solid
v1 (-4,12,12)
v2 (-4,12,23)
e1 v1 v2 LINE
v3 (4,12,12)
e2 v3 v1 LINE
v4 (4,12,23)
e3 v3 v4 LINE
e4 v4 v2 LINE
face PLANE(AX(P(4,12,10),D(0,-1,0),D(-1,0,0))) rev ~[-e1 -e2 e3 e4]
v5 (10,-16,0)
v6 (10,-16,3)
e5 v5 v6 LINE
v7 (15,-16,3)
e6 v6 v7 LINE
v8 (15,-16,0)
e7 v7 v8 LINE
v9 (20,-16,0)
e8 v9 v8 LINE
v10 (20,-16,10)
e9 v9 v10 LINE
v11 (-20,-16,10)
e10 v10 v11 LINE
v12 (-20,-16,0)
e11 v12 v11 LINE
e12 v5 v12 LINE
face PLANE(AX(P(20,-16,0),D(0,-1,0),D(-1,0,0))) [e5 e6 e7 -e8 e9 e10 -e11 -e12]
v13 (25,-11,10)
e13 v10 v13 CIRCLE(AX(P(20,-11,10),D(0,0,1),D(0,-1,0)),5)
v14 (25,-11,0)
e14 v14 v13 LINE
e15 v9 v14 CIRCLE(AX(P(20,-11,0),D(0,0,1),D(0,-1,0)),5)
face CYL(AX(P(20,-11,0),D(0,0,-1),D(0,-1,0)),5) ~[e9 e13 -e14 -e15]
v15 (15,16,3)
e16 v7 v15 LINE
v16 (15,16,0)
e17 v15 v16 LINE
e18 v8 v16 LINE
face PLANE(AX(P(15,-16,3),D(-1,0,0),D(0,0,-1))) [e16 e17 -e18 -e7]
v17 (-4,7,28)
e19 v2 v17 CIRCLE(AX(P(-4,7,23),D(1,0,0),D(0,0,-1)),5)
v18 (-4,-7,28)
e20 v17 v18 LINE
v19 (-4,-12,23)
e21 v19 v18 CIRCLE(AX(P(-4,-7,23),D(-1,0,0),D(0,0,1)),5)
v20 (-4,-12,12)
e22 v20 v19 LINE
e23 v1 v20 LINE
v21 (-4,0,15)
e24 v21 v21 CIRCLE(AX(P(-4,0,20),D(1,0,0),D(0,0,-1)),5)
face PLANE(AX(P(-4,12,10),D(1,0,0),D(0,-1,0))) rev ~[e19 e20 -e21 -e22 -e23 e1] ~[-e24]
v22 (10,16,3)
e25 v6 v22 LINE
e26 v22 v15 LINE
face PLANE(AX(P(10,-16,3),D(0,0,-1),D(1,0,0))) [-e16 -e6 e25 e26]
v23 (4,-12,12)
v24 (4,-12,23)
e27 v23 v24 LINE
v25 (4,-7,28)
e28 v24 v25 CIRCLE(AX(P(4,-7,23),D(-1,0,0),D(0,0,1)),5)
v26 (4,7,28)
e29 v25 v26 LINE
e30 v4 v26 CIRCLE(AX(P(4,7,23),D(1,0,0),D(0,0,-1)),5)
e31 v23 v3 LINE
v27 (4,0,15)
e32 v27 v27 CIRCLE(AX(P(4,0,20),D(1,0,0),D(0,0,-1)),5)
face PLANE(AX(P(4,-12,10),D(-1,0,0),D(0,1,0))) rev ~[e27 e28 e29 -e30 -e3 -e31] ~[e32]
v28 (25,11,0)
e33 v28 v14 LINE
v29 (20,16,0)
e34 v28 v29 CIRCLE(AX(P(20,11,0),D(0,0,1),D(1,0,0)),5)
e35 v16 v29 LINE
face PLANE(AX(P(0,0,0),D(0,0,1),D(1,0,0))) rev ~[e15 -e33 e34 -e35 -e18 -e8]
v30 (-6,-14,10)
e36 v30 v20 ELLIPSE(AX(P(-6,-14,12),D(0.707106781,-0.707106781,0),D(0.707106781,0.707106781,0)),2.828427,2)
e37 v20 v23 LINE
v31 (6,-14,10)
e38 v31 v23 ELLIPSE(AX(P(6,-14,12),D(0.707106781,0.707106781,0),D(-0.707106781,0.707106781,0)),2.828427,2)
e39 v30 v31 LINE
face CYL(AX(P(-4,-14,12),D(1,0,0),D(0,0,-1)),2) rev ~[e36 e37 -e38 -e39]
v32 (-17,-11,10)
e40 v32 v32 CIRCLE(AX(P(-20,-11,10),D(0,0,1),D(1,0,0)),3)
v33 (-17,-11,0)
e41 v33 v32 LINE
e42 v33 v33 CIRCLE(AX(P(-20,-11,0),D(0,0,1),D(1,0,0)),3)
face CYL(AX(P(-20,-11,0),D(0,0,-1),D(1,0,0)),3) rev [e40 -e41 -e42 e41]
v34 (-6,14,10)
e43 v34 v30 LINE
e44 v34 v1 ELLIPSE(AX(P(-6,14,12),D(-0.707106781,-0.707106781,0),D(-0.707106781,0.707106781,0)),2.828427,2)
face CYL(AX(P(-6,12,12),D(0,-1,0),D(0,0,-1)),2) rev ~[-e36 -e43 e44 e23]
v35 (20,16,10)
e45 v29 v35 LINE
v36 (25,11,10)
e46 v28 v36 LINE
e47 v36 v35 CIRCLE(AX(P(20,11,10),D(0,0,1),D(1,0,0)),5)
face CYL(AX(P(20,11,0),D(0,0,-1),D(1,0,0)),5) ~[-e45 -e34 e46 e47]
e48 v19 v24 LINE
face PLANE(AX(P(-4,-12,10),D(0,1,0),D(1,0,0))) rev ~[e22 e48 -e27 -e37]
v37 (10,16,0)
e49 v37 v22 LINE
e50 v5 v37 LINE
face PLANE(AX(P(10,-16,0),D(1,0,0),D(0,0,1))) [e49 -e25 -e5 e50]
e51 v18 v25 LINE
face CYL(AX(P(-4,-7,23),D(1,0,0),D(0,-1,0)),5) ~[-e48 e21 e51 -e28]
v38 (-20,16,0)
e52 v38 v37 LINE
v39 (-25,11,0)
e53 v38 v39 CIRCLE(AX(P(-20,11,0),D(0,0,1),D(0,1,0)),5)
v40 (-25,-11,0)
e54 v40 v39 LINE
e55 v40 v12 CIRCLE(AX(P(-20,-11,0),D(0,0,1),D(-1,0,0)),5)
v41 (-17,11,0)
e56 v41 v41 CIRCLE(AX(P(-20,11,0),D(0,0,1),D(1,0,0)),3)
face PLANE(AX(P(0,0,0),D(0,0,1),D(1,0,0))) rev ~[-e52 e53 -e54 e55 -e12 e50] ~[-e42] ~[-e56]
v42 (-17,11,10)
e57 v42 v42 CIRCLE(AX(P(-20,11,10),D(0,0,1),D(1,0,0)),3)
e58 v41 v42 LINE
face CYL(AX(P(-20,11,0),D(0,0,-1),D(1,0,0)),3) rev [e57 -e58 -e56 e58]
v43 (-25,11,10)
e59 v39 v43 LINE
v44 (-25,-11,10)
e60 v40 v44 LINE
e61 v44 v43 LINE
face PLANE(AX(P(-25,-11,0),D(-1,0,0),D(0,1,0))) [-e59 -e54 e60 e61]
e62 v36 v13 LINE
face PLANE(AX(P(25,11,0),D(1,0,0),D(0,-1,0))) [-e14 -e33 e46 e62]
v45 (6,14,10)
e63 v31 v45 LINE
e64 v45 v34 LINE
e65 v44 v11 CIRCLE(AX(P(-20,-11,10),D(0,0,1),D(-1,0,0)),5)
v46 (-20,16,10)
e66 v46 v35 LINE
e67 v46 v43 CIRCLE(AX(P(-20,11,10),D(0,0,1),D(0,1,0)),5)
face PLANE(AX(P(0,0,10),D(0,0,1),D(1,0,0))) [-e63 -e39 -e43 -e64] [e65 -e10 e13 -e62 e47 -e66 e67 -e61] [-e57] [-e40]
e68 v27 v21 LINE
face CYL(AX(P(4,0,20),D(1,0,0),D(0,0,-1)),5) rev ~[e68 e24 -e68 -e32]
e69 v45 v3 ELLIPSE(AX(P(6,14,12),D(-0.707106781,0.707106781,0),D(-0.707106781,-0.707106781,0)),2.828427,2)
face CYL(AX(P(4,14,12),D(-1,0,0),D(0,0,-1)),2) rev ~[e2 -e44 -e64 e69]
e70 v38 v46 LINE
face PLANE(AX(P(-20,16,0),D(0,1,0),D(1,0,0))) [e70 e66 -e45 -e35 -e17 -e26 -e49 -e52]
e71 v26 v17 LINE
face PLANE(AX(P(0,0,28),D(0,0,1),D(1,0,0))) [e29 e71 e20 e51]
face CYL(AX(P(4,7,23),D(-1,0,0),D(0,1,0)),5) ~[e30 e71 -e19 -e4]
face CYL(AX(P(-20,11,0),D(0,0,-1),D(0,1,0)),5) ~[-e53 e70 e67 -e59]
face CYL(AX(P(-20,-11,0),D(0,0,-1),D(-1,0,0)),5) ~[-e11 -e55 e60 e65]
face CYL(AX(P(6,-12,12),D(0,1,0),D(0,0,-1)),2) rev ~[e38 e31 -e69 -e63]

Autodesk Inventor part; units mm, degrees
ref_plane "YZ Plane" through (0, 0, 0) normal (1, 0, 0) x (0, 1, 0)
ref_plane "XZ Plane" through (0, 0, 0) normal (0, 1, 0) x (-1, 0, 0)
ref_plane "XY Plane" through (0, 0, 0) normal (0, 0, 1) x (1, 0, 0)
sketch "Szkic1" plane through (0, 0, 0) normal (0, 0, 1) x (1, 0, 0)
  line L0 (-20, 16) -> (20, 16)
  line L1 (25, 11) -> (25, -11)
  line L2 (20, -16) -> (-20, -16)
  line L3 (-25, -11) -> (-25, 11)
  line L4 (-25, 16) -> (25, -16) construction
  line L5 (25, 16) -> (-25, -16) construction
  arc A0 (25, 11) -> (20, 16) centre (20, 11) ccw
  arc A1 (20, -16) -> (25, -11) centre (20, -11) ccw
  arc A2 (-25, -11) -> (-20, -16) centre (-20, -11) ccw
  arc A3 (-20, 16) -> (-25, 11) centre (-20, 11) ccw
  circle A4 centre (-20, 11) radius 3
  circle A5 centre (-20, -11) radius 3
  point P0 (0, 0)
  dimension "d0" = 50
  dimension "d1" = 32
  dimension "d3" = 5
  dimension "d4" = 5
  dimension "d5" = 6
  dimension "d6" = 6
extrude "Wyciągnięcie proste1" add sketch "Szkic1" along normal blind 10
sketch "Szkic2" plane through (0, 0, 10) normal (0, 0, 1) x (1, 0, 0)
  line L0 (-4, -12) -> (4, -12)
  line L1 (4, -12) -> (4, 12)
  line L2 (4, 12) -> (-4, 12)
  line L3 (-4, 12) -> (-4, -12)
  line L4 (-4, -12) -> (4, 12) construction
  line L5 (4, -12) -> (-4, 12) construction
  point P0 (0, 0)
  dimension "d9" = 8
  dimension "d10" = 24
extrude "Wyciągnięcie proste2" add sketch "Szkic2" along normal blind 18
sketch "Szkic3" plane through (4, -12, 10) normal (1, 0, 0) x (0, 0, -1)
  line L0 (0, 24) -> (-18, 24) construction
  line L1 (-9, 24) -> (-9, 0) construction
  line L2 (0, 0) -> (-18, 0) construction
  line L3 (-18, 0) -> (-18, 24) construction
  line L4 (-18, 12) -> (0, 12) construction
  line L5 (0, 23) -> (0, 1) construction
  circle A0 centre (-10, 12) radius 5
  line L6 (-18, 12) -> (-10, 12) construction
  point P0 (10, 12)
  dimension "d13" = 10
  dimension "d28" = 8
extrude "Wyciągnięcie proste3" cut sketch "Szkic3" against normal up to next
fillet "Zaokrąglenie1" radius 2 4 edges at (0, 12, 10) (4, 0, 10) (0, -12, 10) (-4, 0, 10)
fillet "Zaokrąglenie2" radius 5 2 edges at (0, -12, 28) (0, 12, 28)
sketch "Szkic4" plane through (-20, -16, 0) normal (0, -1, 0) x (1, 0, 0)
  line L0 (40, 0) -> (40, 10) construction
  line L1 (45, 0) -> (40, 0) projected
  line L2 (45, 0) -> (35, 0)
  line L3 (35, 0) -> (30, 0)
  line L4 (30, 0) -> (30, 3)
  line L5 (30, 3) -> (35, 3)
  line L6 (35, 3) -> (35, 0)
  dimension "d23" = 10
  dimension "d24" = 5
  dimension "d25" = 3
extrude "Wyciągnięcie proste4" cut sketch "Szkic4" against normal up to next
properties part number "Bartosz_Zukowski_IP_model_4.ipj"
